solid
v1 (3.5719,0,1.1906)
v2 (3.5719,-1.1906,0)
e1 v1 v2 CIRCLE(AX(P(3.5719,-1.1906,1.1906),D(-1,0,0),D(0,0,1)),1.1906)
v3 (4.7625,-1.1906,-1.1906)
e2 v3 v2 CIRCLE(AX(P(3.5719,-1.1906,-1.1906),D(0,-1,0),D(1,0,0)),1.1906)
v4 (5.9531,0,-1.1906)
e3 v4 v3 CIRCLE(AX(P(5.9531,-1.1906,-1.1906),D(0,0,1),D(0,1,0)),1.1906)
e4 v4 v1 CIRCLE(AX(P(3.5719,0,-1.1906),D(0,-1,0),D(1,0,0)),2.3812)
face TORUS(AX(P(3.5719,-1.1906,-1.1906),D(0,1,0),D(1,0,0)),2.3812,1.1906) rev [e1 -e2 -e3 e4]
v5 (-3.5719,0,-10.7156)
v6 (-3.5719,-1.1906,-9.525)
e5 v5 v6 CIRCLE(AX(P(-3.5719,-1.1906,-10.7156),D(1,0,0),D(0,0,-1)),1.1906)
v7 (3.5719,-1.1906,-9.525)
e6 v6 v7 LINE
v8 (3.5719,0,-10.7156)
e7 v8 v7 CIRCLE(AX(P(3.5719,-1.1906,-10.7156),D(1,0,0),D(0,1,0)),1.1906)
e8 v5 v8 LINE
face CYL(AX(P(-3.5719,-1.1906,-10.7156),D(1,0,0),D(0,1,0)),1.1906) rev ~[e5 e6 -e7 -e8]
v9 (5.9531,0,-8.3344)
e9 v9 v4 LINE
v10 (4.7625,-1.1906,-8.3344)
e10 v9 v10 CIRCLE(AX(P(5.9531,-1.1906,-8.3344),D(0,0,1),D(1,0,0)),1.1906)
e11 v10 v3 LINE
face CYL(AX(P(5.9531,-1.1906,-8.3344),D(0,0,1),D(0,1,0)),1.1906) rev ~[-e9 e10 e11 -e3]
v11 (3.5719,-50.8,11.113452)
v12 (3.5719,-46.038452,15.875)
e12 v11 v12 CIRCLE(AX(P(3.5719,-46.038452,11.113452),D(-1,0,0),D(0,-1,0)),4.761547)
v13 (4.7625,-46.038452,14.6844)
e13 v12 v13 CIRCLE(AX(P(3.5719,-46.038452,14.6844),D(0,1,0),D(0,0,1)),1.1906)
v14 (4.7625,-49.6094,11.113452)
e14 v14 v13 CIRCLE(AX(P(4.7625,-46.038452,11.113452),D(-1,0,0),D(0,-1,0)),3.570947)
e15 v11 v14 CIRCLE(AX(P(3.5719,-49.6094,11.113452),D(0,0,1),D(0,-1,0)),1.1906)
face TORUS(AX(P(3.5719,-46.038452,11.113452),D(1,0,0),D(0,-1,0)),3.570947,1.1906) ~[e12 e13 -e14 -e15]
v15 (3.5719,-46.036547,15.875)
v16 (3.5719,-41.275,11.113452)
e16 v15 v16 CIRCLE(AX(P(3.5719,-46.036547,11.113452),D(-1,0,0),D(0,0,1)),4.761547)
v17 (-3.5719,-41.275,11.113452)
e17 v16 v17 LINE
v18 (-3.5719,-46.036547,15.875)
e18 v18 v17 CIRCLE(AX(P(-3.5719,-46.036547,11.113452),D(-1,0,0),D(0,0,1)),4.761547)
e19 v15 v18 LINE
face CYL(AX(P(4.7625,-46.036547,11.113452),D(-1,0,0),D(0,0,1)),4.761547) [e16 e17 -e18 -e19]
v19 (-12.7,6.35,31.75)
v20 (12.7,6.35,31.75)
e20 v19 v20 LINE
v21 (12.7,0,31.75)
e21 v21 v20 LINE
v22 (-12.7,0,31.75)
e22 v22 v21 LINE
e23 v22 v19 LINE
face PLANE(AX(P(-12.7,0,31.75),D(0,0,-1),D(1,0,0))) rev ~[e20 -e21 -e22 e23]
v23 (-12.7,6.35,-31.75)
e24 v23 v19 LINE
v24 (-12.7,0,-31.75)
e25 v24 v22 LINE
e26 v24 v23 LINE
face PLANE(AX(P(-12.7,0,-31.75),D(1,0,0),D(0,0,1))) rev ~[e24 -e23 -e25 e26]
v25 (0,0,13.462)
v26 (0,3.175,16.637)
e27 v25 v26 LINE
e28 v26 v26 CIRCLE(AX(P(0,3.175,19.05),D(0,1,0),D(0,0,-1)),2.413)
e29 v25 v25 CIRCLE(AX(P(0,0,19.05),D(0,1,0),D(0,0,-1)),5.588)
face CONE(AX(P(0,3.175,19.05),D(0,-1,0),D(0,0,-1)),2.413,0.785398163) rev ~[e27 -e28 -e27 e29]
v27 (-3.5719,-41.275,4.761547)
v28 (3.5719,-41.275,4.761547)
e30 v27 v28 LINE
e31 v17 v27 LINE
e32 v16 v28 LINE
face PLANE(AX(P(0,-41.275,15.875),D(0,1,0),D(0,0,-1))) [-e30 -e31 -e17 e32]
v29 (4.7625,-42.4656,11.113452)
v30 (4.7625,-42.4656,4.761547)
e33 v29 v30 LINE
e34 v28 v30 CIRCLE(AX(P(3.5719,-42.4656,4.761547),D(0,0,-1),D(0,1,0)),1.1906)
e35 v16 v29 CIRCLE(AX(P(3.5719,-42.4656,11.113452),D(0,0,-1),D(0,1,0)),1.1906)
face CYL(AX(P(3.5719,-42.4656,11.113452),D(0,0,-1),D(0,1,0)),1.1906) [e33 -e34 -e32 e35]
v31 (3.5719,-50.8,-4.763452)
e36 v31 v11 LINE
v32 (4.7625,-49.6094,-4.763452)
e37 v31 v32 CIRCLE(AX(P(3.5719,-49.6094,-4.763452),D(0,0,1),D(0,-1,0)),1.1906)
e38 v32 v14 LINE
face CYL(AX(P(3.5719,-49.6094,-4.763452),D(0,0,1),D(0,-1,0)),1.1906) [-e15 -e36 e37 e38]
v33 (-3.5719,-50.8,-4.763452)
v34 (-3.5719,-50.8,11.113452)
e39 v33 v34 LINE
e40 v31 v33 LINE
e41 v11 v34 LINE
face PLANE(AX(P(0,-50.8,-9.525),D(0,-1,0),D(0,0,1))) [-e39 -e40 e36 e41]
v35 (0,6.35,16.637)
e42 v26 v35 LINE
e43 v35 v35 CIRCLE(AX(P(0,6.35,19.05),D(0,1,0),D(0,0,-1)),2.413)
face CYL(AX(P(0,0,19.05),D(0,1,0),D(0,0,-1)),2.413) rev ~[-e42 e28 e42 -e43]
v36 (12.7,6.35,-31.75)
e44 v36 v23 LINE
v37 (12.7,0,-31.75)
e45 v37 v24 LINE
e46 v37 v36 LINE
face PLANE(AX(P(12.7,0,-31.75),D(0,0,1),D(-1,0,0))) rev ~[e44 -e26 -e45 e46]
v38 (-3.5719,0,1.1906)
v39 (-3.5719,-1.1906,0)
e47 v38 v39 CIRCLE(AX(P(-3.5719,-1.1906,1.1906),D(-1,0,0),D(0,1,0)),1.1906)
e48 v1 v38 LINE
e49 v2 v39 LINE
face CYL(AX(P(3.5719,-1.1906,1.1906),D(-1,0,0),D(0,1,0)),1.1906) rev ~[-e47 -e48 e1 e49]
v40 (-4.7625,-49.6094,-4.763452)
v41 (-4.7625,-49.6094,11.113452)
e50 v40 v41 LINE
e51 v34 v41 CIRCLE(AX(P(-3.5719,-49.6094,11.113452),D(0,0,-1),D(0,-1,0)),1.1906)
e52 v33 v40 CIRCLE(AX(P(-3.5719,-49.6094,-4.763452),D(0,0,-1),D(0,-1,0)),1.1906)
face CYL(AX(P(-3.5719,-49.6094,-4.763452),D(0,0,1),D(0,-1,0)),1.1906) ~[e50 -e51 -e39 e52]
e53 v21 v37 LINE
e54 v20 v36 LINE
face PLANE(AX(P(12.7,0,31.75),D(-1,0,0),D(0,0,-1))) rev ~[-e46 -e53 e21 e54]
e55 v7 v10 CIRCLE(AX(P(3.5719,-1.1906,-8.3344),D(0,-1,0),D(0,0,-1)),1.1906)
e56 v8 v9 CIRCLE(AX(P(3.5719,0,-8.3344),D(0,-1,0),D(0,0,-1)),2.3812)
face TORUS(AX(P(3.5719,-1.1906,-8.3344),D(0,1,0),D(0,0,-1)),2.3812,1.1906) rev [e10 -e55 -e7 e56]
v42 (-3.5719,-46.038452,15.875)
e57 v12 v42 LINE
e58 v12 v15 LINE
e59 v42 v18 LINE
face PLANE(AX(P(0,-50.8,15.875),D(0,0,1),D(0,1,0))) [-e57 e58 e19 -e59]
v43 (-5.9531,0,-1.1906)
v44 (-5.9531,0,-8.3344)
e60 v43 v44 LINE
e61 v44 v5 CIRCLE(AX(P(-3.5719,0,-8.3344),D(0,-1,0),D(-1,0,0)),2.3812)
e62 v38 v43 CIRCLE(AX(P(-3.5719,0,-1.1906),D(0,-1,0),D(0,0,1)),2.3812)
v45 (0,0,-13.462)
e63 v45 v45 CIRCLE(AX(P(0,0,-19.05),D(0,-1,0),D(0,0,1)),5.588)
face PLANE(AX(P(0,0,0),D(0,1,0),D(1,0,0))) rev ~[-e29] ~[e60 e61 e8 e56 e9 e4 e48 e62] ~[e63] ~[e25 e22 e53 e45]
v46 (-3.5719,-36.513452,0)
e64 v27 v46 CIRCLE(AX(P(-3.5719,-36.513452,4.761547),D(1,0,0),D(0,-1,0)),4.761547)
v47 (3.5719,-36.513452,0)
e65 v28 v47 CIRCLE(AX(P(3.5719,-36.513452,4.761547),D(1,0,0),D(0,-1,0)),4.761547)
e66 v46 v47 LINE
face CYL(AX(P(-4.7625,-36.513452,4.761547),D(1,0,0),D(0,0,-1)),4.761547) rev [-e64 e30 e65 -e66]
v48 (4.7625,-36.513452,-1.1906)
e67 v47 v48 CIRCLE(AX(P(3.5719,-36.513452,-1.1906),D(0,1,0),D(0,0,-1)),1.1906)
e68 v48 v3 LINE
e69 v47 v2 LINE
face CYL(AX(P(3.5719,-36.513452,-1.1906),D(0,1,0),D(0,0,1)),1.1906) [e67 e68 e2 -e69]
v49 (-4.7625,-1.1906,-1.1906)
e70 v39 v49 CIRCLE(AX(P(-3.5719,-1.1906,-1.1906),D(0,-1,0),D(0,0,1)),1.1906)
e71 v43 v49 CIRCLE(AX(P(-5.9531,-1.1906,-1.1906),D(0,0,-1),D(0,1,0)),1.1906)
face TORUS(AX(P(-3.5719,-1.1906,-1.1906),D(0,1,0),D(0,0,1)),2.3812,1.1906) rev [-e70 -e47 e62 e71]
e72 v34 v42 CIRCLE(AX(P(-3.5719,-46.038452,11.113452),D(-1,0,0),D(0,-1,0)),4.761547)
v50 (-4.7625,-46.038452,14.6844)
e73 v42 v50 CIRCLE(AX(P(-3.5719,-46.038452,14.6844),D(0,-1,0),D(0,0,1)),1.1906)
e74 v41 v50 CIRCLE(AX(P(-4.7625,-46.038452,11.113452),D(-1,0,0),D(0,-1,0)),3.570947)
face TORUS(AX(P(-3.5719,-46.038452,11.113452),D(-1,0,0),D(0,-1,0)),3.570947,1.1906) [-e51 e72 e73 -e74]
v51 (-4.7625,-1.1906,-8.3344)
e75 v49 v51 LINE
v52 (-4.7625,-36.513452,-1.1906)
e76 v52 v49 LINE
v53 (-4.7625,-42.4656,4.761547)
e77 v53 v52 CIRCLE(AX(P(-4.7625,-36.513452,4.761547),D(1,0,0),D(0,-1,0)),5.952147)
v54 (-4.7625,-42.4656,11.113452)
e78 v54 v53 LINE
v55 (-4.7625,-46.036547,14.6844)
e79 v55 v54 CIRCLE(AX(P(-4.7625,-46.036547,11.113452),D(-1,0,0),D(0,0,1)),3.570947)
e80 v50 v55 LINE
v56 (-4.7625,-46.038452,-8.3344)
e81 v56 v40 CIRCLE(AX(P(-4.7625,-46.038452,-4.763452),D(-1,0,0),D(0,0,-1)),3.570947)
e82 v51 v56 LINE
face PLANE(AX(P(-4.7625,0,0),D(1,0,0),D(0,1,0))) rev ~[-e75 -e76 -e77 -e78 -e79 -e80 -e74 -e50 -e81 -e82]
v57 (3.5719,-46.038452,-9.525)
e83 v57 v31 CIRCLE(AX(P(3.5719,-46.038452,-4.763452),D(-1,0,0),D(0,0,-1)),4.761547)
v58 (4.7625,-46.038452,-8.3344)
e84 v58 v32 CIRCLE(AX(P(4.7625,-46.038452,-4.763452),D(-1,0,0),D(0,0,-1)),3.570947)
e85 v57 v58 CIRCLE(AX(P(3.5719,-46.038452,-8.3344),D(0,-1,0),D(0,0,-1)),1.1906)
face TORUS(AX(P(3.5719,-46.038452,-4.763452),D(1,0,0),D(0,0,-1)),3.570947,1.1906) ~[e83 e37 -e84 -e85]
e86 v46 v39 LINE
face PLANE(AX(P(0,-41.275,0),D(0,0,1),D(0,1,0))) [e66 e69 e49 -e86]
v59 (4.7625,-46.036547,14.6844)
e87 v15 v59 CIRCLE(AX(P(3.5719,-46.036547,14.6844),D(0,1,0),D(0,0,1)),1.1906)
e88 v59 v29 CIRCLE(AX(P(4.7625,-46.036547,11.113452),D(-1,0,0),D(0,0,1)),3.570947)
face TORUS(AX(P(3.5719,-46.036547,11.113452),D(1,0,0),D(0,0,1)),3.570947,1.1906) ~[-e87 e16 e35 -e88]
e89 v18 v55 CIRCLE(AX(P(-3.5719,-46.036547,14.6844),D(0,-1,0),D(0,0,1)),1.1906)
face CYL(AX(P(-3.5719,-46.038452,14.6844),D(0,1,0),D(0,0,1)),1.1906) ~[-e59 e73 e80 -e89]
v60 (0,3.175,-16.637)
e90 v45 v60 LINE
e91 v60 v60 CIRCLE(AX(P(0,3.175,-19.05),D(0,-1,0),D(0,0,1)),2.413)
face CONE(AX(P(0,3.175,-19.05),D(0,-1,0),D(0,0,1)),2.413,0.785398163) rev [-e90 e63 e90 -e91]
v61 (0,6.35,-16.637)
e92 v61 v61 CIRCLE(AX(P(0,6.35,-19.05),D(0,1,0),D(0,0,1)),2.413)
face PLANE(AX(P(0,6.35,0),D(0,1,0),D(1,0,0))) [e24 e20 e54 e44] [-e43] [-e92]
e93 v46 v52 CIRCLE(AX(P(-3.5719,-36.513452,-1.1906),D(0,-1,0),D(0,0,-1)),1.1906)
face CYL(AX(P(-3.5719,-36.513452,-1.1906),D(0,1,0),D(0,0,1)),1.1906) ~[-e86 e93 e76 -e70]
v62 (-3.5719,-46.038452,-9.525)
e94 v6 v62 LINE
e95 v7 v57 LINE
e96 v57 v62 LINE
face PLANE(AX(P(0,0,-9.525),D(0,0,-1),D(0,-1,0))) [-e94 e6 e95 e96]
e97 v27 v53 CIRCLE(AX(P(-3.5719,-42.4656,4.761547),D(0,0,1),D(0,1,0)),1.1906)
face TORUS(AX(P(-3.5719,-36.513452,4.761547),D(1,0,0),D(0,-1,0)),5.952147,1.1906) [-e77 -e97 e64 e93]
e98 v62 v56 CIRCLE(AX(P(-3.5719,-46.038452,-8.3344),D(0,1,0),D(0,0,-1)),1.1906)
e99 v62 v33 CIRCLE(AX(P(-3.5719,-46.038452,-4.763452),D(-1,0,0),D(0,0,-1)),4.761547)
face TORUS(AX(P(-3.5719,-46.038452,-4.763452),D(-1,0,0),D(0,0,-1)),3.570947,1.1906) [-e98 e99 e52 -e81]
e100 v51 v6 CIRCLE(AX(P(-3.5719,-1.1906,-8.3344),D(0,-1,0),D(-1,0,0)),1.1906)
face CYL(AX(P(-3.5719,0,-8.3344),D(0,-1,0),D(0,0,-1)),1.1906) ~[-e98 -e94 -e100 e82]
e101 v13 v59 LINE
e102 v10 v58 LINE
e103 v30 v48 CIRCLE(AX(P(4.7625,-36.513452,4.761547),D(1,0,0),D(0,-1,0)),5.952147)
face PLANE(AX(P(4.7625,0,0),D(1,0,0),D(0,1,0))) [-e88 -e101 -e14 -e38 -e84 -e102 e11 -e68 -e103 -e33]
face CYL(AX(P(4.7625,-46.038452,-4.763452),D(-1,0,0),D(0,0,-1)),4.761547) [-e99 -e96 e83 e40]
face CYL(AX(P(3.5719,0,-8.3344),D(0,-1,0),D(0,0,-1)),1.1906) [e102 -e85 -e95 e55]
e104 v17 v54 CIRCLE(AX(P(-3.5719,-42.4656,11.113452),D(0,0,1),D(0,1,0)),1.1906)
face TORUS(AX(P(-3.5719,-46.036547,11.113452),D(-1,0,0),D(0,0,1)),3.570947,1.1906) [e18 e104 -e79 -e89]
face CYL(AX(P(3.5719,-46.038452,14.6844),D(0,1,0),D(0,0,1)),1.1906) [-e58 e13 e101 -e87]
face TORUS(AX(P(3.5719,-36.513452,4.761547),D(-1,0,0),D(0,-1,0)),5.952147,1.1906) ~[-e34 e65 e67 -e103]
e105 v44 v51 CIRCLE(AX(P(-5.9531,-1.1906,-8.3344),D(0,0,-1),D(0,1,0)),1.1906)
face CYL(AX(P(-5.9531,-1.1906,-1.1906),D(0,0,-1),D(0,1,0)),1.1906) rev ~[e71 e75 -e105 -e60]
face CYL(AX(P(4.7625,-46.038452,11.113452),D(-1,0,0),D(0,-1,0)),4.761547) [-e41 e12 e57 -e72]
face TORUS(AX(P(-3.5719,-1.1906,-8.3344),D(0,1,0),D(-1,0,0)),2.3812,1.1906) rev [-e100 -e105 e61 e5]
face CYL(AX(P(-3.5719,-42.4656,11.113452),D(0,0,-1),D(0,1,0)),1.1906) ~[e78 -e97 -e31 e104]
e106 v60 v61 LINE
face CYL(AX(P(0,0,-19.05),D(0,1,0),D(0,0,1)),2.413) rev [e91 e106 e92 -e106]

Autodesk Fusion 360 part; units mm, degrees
sketch "Sketch1" plane through (0, 0, 0) normal (0, 1, 0) x (1, 0, 0) in component "Component"
  line L0 (12.7, 31.75) -> (-12.7, 31.75)
  line L1 (-12.7, 31.75) -> (-12.7, -31.75)
  line L2 (-12.7, -31.75) -> (12.7, -31.75)
  line L3 (12.7, -31.75) -> (12.7, 31.75)
  line L4 (12.7, 31.75) -> (-12.7, -31.75) construction
  line L5 (-12.7, 31.75) -> (12.7, -31.75) construction
  dimension "d1" = 63.5
  dimension "d2" = 25.4
extrude "Extrude1" add sketch "Sketch1" along normal blind 6.35 in component "Component"
hole "Hole1" at (0, 0, 19.05) direction (0, 1, 0) diameter 4.826 end through all in component "Component"
mirror "Mirror1" about plane through (0, 0, 0) normal (0, 0, 1) of "Hole1" in component "Component"
sketch "Sketch2" plane through (0, 0, 0) normal (1, 0, 0) x (0, 1, 0) in component "Component"
  line L0 (0, -9.525) -> (-50.8, -9.525)
  line L1 (-50.8, -9.525) -> (-50.8, 15.875)
  line L2 (-50.8, 15.875) -> (-41.275, 15.875)
  line L3 (-41.275, 15.875) -> (-41.275, 0)
  line L4 (-41.275, 0) -> (0, 0)
  line L5 (0, 0) -> (0, -9.525)
  line L6 (0, 0) -> (-81.1043, 0) construction
  dimension "d11" = 9.525
  dimension "d12" = 9.525
  dimension "d13" = 50.8
  dimension "d14" = 25.4
extrude "Extrude2" add sketch "Sketch2" along normal mid plane 9.525 in component "Component"
fillet "Fillet1" radius 4.7625 4 edges at (0, -50.8, -9.525) (0, -41.275, 0) (0, -50.8, 15.875) (0, -41.275, 15.875) in component "Component"
fillet "Fillet2" radius 1.1906 14 edges at (4.7625, -18.2563, 0) (4.7625, -39.8801, 1.3949) (4.7625, -41.275, 7.9375) (4.7625, -46.0375, 15.875) (4.7625, -50.8, 3.175) (4.7625, -49.4051, -8.1301) (4.7625, -23.0187, -9.525) (-4.7625, -23.0187, -9.525) (-4.7625, -49.4051, -8.1301) (-4.7625, -50.8, 3.175) (-4.7625, -46.0375, 15.875) (-4.7625, -41.275, 7.9375) (-4.7625, -39.8801, 1.3949) (-4.7625, -18.2563, 0) in component "Component"
fillet "Fillet2" radius 1.1906 2 edges at (-4.7625, 0, -4.7625) (4.7625, 0, -4.7625) in component "Component"
chamfer "Chamfer1" distance 3.175 angle 45 2 edges at (0.8726, 0, 21.2997) (-0.8726, 0, -21.2997) in component "Component"
component "Component" placed x (1, 0, 0) y (0, 1, 0) z (0, 0, 1) at (0, 0, 0)
equation "d11 = ( 3 / 8 ) * 1 in"
equation "d15 = ( 3 / 8 ) * 1 in"
equation "d17 = ( 3 / 16 ) * 1 in"
equation "d18 = ( 3 / 64 ) * 1 in"
equation "d19 = ( 3 / 64 ) * 1 in"
